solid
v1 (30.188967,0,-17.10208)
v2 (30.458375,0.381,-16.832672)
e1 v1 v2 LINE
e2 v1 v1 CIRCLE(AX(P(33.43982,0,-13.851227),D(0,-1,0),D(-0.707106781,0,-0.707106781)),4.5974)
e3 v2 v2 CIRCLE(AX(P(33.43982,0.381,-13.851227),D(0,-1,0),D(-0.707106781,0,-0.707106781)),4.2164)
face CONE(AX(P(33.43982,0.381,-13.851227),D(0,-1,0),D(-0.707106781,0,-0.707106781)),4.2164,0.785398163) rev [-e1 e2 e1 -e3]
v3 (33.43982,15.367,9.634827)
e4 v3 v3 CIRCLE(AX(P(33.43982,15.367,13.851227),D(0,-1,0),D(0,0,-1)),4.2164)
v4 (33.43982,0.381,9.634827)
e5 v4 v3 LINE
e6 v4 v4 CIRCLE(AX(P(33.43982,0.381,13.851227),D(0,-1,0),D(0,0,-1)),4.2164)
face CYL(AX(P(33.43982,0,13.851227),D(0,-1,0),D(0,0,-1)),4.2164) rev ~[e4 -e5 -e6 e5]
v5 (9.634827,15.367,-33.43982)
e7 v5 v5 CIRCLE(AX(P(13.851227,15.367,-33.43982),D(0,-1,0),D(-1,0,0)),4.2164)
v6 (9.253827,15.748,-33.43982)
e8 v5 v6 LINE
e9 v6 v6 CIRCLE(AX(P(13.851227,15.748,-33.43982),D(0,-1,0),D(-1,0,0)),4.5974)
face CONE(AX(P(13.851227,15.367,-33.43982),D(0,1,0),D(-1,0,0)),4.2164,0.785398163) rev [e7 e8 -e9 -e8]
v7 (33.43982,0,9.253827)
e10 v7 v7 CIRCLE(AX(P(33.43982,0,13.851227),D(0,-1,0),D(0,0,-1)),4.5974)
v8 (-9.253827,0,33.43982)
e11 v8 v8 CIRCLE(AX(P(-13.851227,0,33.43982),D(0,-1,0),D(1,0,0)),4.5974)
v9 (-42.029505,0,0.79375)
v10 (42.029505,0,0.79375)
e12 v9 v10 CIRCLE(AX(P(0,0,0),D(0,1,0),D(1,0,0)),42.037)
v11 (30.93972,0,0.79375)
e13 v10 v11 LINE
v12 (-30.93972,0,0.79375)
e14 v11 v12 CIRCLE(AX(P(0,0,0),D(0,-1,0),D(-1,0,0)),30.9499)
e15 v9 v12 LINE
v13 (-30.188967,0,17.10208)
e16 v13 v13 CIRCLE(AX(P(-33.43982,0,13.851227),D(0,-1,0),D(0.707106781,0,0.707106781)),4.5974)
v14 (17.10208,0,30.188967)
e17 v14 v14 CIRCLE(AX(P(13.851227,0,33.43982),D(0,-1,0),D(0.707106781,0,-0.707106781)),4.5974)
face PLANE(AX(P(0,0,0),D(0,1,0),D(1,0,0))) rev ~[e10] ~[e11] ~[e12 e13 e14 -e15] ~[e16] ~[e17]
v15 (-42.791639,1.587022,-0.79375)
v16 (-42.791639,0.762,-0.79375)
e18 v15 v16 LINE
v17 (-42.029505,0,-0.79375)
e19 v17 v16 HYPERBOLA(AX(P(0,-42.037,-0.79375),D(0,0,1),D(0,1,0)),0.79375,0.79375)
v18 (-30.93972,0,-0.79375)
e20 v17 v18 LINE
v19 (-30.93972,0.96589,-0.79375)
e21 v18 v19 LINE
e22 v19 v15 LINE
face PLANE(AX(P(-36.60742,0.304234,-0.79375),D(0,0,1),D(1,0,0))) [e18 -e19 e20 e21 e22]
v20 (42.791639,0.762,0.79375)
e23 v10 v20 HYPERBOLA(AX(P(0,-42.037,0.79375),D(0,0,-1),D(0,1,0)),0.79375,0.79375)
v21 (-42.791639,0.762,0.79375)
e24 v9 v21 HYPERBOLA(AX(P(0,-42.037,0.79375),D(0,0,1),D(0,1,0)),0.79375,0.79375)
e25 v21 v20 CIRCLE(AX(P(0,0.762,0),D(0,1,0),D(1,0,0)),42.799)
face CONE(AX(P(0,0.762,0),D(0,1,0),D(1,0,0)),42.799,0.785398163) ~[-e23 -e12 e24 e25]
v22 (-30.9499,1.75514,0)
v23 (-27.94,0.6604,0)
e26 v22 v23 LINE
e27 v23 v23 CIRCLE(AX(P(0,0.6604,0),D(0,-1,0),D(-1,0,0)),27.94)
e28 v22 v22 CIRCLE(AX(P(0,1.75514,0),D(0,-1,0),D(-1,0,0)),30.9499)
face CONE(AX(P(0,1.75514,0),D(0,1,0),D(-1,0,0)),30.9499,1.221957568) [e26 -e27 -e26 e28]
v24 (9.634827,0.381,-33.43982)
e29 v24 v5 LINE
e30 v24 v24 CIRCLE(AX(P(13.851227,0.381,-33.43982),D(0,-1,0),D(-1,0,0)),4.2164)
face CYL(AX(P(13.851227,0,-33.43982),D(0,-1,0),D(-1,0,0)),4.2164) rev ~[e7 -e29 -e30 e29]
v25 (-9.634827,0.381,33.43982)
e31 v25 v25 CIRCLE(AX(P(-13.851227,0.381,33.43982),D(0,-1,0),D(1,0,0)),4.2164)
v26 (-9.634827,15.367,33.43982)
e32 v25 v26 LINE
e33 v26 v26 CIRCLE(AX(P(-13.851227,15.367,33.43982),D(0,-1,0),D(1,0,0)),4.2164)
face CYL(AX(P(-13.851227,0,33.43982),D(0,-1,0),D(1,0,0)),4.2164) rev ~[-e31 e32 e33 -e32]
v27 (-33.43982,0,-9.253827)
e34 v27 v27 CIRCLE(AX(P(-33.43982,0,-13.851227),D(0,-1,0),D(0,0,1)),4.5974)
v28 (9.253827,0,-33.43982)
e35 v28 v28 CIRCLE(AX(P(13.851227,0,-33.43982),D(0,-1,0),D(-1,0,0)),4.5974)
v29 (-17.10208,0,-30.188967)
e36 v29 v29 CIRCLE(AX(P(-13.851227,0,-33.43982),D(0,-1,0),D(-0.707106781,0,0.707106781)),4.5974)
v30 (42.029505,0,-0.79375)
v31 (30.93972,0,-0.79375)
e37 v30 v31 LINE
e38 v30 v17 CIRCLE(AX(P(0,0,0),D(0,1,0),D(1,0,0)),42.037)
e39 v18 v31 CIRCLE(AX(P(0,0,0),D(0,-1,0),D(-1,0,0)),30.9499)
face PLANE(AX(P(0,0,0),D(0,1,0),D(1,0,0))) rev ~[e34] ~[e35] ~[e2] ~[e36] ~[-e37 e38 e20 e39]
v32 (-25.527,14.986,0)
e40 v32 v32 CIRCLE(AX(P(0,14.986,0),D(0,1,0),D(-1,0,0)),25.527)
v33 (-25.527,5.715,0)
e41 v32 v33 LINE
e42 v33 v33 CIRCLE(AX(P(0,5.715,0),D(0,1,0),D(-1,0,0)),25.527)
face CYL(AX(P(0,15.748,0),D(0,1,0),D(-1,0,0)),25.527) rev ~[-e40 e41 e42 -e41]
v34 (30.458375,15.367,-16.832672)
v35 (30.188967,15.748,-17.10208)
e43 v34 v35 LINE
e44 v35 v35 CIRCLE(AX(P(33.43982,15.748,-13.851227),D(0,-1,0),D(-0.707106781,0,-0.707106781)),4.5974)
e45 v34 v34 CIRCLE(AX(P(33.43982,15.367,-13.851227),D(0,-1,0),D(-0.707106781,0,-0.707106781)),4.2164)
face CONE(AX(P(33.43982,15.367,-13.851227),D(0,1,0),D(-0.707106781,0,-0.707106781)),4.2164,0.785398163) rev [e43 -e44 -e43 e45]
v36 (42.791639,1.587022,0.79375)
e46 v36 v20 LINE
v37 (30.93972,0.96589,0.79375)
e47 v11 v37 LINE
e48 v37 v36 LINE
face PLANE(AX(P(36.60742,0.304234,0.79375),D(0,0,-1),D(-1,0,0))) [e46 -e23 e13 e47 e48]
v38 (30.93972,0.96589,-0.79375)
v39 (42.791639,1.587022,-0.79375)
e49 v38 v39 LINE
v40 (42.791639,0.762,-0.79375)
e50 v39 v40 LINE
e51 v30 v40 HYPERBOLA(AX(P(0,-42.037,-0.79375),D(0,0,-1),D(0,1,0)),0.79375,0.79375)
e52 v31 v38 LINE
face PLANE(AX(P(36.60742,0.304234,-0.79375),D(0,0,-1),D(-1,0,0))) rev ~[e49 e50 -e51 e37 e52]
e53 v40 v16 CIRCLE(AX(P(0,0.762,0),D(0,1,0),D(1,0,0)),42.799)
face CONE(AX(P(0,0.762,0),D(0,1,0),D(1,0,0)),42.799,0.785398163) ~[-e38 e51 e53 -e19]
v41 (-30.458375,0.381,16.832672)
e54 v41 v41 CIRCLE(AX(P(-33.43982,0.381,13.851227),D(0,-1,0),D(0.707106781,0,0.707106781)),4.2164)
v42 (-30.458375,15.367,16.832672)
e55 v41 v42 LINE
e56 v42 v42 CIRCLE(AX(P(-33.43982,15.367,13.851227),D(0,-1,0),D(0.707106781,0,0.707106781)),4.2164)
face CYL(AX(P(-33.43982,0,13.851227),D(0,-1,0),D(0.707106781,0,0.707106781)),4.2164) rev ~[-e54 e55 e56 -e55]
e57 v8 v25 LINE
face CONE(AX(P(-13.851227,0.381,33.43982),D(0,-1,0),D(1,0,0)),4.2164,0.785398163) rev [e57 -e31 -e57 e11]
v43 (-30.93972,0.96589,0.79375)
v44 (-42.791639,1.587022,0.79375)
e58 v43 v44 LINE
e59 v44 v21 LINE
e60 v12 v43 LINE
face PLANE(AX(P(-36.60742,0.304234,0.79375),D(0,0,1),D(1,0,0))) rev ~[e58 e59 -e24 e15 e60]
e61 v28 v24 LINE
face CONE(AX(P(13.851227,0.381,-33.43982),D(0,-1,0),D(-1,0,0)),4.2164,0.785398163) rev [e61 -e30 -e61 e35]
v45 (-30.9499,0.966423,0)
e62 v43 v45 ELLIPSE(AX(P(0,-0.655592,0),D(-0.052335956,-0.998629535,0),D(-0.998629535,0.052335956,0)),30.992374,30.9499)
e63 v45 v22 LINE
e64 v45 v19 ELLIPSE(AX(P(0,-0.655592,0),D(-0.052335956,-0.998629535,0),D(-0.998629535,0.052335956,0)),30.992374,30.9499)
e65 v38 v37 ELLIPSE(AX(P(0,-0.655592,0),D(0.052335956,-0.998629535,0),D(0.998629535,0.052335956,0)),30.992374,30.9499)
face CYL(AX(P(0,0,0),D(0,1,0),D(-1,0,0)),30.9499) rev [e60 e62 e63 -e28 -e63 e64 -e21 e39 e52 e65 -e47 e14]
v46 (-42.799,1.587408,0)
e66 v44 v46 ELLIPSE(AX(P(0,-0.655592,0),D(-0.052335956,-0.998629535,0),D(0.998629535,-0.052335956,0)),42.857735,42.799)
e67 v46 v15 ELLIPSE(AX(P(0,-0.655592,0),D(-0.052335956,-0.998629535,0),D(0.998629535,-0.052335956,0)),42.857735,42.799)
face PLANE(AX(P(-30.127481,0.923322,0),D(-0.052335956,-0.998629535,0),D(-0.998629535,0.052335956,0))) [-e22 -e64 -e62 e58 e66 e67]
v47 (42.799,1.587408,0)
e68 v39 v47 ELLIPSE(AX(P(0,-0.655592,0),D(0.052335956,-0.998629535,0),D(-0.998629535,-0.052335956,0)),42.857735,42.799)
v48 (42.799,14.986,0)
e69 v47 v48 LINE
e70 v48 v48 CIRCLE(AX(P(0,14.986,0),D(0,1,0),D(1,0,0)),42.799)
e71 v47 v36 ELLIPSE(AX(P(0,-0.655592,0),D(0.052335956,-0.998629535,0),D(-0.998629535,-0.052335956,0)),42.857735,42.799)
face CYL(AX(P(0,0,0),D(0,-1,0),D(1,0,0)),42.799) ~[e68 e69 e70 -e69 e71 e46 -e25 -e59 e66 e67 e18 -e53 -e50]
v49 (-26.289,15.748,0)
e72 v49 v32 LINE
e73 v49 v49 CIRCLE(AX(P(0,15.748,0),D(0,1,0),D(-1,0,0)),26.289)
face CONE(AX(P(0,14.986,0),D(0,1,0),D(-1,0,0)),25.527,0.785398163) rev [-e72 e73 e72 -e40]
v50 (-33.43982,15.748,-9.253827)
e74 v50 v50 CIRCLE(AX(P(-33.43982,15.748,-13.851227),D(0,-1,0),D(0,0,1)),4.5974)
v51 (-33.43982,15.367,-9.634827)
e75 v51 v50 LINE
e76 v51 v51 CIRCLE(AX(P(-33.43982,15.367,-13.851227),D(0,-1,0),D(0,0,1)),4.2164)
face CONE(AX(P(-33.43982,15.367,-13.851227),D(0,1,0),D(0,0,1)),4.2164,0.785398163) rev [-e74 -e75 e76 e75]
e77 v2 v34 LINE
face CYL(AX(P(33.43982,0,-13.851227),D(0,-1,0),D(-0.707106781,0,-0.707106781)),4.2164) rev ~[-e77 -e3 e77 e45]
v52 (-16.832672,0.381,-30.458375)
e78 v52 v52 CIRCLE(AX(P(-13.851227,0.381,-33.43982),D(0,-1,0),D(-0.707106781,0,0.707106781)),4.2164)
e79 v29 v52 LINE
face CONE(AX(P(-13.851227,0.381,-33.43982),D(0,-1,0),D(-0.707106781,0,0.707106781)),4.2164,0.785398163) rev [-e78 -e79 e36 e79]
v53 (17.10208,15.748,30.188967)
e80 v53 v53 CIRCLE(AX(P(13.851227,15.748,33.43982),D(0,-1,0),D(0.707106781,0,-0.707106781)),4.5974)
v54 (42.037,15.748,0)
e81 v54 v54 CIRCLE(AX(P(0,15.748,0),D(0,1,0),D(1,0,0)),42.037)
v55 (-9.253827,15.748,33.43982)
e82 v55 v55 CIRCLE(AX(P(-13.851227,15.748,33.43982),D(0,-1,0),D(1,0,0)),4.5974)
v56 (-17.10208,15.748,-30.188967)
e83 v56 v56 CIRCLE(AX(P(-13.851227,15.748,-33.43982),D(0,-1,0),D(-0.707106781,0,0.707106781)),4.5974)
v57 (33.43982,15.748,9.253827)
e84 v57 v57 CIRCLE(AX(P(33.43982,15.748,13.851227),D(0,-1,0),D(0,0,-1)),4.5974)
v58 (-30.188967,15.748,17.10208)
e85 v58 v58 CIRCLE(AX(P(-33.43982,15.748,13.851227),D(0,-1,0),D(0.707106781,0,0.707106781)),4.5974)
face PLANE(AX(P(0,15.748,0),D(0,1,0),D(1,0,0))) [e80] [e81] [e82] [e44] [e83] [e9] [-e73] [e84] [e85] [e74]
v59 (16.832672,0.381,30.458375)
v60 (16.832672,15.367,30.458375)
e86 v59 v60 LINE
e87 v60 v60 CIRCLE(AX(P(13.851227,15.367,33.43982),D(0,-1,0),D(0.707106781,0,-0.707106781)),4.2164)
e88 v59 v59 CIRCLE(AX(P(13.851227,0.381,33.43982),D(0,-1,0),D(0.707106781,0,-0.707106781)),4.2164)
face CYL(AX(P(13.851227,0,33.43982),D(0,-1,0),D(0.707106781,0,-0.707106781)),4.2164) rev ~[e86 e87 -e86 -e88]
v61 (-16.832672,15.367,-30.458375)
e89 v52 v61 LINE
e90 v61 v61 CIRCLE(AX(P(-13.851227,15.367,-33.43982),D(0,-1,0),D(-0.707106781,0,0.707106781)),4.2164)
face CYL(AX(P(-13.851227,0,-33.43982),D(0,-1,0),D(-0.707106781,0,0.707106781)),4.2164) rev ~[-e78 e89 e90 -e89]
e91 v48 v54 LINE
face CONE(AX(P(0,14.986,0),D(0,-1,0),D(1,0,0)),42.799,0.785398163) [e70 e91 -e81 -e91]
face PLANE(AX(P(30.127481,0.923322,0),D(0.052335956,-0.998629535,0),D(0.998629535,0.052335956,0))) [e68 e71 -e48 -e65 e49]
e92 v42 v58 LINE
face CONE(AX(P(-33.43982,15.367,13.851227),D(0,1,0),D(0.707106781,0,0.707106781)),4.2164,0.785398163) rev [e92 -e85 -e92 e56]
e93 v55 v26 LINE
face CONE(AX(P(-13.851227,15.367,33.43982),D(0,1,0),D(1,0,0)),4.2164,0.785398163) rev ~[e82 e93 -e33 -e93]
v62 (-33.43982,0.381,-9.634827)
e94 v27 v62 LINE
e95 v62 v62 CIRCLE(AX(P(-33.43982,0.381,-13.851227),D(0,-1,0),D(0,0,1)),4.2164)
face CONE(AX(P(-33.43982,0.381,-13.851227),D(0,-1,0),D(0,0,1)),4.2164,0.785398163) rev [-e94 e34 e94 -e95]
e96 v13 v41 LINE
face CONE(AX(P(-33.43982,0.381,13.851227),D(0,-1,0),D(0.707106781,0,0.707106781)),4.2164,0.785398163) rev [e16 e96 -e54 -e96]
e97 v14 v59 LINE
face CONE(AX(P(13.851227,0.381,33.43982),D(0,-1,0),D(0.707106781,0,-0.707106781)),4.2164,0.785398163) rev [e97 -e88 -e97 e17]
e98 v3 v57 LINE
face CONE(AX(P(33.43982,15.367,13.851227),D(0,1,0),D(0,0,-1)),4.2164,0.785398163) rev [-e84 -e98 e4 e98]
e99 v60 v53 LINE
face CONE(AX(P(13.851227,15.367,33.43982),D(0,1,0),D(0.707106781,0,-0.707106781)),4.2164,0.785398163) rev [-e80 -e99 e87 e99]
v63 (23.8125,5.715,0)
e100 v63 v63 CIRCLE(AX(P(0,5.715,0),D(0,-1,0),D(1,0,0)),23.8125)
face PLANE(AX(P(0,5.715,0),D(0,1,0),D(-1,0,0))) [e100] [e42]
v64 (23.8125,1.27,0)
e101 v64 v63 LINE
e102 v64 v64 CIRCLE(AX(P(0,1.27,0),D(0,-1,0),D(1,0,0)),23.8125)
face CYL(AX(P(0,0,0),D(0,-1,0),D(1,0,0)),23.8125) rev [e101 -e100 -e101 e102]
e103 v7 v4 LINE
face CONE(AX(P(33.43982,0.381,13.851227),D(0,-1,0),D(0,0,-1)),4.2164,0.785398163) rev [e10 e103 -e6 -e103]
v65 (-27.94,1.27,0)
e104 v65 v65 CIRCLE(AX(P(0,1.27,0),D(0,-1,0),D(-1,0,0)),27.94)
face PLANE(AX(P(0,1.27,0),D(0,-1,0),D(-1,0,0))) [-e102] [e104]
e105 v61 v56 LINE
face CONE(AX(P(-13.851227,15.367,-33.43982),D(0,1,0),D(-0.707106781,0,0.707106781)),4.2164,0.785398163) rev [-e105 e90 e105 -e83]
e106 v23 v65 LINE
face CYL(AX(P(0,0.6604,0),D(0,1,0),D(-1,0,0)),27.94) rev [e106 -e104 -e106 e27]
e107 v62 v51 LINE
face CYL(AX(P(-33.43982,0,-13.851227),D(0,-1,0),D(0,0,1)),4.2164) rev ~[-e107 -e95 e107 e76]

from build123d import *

# Parameters (mm, degrees)
SKETCH1_R                    = 42.799
SKETCH1_R_2                  = 23.8125
BOSS_EXTRUDE1_DEPTH          = 15.748
SKETCH2_R                    = 25.527
CUT_EXTRUDE1_DEPTH           = 10.033
CHAMFER1_SIZE                = 0.762
SKETCH3_R                    = 4.2164
CUT_EXTRUDE2_DEPTH           = 16.748
CHAMFER2_SIZE                = 0.381
CIRPATTERN1_COUNT            = 8
CHAMFER2_OF_CIRPATTERN1_SIZE = 0.381
CUT_EXTRUDE3_DEPTH           = 0.79375


with BuildPart() as part:
    # Sketch1 → Boss-Extrude1 (new body)
    with BuildSketch(Plane(origin=(0, 0, 0), x_dir=(1, 0, 0), z_dir=(0, 1, 0))):
        Circle(SKETCH1_R)
        Circle(SKETCH1_R_2, mode=Mode.SUBTRACT)
    extrude(amount=BOSS_EXTRUDE1_DEPTH)

    # Sketch2 → Cut-Extrude1 (cut)
    with BuildSketch(Plane(origin=(0, 15.748, 0), x_dir=(-1, 0, 0), z_dir=(0, 1, 0))):
        Circle(SKETCH2_R)
    extrude(amount=-CUT_EXTRUDE1_DEPTH, mode=Mode.SUBTRACT)

    # Chamfer1
    chamfer1_edges = [part.edges().sort_by_distance(p)[0] for p in [
        (25.527, 15.748, 0),
        (-42.799, 0, 0),
        (-42.799, 15.748, 0),
    ]]
    chamfer(chamfer1_edges, length=CHAMFER1_SIZE)

    # Sketch5 → Cut-Revolve1 (revolve, cut)
    with BuildSketch(Plane(origin=(0, 0, 0), x_dir=(1, 0, 0), z_dir=(0, 0, -1))):
        Polygon((0, 0), (-30.9499, 0), (-30.9499, -1.75514), (-27.94, -0.6604), (-27.94, -1.27), (0, -1.27), align=None)
    revolve(axis=Axis((0, 15.748, 0), (0, -1, 0)), mode=Mode.SUBTRACT)

    # Sketch3 → Cut-Extrude2 (cut, through all)
    with BuildSketch(Plane.XZ):
        with Locations((-13.851226834, 33.439819679)):
            Circle(SKETCH3_R)
    cut_extrude2 = extrude(amount=-CUT_EXTRUDE2_DEPTH, mode=Mode.SUBTRACT)

    # Chamfer2
    chamfer2_edges = [part.edges().sort_by_distance(p)[0] for p in [
        (-18.067626834, 15.748, 33.439819679),
        (-18.067626834, 0, 33.439819679),
    ]]
    chamfer(chamfer2_edges, length=CHAMFER2_SIZE)

    # CirPattern1: Cut-Extrude2 ×8 about axis
    cirpattern1_axis = Axis((0, 0, 0), (0, 1, 0))
    for i in range(1, CIRPATTERN1_COUNT):
        add(cut_extrude2.rotate(cirpattern1_axis, i * 360 / CIRPATTERN1_COUNT), mode=Mode.SUBTRACT)

    # Chamfer2 of CirPattern1
    chamfer2_of_cirpattern1_edges = [part.edges().sort_by_distance(p)[0] for p in [
        (10.869781802, 15.748, 36.421264711),
        (10.869781802, 0, 36.421264711),
        (33.439819679, 15.748, 18.067626834),
        (33.439819679, 0, 18.067626834),
        (36.421264711, 15.748, -10.869781802),
        (36.421264711, 0, -10.869781802),
        (18.067626834, 15.748, -33.439819679),
        (18.067626834, 0, -33.439819679),
        (-10.869781802, 15.748, -36.421264711),
        (-10.869781802, 0, -36.421264711),
        (-33.439819679, 15.748, -18.067626834),
        (-33.439819679, 0, -18.067626834),
        (-36.421264711, 15.748, 10.869781802),
        (-36.421264711, 0, 10.869781802),
    ]]
    chamfer(chamfer2_of_cirpattern1_edges, length=CHAMFER2_OF_CIRPATTERN1_SIZE)

    # Sketch6 → Cut-Extrude3 (cut, symmetric)
    with BuildSketch(Plane.XY):
        Polygon((-42.799, 1.587408258), (-42.799, -0.655592288), (-30.127480656, -0.655592288), (-30.127480656, 0.923322069), align=None)
        Polygon((30.127480656, 0.923322069), (42.799, 1.587408258), (42.799, -0.655592288), (30.127480656, -0.655592288), align=None)
    extrude(amount=CUT_EXTRUDE3_DEPTH, both=True, mode=Mode.SUBTRACT)


solid = part.part
